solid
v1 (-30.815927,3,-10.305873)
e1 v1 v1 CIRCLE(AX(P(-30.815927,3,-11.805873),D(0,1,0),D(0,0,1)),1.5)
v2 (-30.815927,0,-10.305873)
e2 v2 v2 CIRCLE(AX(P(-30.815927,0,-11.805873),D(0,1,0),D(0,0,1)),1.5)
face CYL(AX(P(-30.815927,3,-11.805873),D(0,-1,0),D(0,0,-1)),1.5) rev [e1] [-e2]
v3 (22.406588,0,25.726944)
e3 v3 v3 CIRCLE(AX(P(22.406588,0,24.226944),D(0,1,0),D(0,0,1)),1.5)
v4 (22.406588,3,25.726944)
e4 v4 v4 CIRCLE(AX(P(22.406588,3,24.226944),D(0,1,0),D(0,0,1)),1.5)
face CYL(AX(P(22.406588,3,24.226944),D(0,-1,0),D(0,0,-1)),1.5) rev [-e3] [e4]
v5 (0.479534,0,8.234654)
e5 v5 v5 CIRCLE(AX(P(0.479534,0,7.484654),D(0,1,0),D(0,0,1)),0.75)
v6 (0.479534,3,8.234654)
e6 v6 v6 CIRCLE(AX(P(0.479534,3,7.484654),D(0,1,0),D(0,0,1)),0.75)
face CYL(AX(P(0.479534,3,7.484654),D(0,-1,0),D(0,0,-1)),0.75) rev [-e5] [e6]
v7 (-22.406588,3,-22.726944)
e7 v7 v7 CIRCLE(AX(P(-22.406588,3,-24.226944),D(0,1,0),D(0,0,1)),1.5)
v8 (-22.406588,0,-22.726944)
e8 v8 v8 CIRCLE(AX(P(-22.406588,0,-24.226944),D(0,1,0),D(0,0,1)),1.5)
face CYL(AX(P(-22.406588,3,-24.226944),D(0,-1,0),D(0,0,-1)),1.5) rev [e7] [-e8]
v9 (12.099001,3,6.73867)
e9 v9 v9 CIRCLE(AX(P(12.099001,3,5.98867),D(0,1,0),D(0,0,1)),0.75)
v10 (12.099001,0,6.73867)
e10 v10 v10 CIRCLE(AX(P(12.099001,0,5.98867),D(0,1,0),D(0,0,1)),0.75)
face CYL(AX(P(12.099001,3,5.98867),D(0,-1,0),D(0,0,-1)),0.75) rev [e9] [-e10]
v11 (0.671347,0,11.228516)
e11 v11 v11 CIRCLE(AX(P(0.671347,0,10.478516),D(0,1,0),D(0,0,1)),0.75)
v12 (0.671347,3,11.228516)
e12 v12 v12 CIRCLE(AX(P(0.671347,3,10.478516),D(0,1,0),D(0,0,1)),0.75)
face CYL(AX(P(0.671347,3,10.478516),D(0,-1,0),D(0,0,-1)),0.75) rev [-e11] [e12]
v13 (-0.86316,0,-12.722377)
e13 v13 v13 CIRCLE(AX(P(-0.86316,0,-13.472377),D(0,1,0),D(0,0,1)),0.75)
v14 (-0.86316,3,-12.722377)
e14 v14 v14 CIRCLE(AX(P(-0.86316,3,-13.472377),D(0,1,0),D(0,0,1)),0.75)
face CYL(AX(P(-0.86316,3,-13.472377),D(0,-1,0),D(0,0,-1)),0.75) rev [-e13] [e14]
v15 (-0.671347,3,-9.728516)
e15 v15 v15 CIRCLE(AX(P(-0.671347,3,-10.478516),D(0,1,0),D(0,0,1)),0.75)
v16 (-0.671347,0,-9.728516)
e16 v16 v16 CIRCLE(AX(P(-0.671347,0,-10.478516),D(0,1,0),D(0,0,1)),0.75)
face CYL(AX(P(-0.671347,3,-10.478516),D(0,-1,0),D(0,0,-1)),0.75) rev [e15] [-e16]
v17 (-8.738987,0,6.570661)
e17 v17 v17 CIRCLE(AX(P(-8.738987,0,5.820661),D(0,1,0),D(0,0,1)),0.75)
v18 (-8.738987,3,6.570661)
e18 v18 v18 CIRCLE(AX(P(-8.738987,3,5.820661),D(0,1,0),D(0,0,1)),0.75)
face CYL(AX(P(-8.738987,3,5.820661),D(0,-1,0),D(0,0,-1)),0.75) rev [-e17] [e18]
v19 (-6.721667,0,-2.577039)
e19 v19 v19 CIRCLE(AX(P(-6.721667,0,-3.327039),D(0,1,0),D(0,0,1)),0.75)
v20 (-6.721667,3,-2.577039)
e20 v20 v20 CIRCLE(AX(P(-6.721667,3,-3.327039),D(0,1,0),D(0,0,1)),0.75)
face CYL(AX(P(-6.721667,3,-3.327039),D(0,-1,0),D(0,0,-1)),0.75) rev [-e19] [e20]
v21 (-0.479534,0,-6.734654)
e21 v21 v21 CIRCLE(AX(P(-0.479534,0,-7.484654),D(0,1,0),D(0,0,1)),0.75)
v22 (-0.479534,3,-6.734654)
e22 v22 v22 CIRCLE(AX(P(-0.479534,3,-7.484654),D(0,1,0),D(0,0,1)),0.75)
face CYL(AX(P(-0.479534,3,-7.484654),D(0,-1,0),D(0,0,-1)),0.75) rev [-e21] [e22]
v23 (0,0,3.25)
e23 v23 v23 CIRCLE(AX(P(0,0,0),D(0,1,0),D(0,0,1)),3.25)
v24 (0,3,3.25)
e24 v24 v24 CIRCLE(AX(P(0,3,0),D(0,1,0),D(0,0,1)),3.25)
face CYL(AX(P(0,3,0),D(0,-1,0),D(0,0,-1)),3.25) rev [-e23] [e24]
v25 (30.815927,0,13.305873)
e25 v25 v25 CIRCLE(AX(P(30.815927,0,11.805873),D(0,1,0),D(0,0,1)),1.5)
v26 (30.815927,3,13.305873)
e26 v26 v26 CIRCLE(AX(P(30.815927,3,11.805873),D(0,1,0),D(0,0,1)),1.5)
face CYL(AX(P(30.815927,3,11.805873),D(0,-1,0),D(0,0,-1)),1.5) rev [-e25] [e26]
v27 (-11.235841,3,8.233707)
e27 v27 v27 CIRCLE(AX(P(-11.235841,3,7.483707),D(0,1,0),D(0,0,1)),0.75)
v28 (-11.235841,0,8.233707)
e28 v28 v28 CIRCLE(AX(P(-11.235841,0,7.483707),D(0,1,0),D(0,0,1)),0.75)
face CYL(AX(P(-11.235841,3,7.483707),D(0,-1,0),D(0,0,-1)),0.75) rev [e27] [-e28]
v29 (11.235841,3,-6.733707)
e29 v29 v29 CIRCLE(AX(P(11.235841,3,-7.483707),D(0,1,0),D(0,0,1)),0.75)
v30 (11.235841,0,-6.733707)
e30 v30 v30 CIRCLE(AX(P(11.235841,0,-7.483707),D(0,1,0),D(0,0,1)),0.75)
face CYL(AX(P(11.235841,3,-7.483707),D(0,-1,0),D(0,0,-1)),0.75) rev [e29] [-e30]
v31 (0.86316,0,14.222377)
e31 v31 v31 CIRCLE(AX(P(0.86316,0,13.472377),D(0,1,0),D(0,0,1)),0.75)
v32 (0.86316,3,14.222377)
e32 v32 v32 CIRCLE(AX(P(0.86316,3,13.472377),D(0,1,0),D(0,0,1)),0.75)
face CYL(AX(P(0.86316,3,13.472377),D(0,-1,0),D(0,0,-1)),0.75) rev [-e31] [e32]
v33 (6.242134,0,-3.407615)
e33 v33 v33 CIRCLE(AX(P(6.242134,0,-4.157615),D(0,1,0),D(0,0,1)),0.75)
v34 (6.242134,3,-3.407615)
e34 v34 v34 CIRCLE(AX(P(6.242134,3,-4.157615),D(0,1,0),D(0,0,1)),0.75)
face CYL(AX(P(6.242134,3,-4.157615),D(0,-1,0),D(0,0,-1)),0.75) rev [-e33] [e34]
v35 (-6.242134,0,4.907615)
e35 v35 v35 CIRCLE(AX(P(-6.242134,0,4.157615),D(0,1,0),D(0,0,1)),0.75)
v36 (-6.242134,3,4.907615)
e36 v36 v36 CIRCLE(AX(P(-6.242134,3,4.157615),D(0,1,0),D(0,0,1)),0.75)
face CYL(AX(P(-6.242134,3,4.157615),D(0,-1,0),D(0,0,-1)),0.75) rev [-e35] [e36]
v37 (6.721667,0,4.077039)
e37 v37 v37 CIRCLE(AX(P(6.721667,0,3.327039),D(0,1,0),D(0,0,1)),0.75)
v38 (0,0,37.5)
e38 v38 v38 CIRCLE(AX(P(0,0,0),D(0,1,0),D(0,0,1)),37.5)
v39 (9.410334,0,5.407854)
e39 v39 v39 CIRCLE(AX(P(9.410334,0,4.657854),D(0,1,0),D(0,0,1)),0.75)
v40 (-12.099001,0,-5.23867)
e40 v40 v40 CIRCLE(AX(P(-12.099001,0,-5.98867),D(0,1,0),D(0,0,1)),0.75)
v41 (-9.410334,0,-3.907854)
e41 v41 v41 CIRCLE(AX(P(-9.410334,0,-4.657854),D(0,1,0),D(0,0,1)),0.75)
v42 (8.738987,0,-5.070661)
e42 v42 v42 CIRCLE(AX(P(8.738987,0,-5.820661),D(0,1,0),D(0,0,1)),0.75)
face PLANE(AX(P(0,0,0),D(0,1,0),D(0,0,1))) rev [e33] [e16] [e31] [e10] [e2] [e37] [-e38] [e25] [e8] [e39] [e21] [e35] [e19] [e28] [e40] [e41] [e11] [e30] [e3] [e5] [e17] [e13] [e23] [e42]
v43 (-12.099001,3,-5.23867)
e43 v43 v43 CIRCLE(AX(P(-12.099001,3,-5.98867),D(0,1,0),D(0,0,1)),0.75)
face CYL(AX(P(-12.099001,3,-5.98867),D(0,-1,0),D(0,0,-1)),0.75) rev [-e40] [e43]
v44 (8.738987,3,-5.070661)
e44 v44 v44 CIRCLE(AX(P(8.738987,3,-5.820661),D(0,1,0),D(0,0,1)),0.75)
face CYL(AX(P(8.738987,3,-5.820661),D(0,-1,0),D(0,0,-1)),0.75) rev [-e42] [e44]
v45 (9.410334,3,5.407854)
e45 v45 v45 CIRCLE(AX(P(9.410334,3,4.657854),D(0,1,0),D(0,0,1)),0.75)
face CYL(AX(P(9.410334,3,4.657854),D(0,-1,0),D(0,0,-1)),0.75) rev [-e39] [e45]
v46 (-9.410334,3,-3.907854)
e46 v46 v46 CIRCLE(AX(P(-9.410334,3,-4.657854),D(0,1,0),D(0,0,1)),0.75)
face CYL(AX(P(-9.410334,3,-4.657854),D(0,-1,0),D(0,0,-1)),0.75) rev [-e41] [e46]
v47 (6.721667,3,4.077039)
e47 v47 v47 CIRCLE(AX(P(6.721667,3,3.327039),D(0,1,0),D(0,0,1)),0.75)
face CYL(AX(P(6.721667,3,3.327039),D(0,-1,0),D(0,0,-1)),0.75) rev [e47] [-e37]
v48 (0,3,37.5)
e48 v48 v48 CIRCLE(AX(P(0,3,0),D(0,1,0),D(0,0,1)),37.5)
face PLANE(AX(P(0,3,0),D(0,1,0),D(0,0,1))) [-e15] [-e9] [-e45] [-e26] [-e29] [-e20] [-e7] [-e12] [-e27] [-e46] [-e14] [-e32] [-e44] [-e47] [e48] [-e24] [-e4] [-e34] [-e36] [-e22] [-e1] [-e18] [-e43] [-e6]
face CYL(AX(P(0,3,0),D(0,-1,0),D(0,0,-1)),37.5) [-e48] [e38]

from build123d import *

# Parameters (mm, degrees)
SKETCH1_R           = 37.5
SKETCH1_R_2         = 0.75
SKETCH1_R_3         = 3.25
SKETCH1_R_4         = 1.5
BOSS_EXTRUDE1_DEPTH = 3


with BuildPart() as part:
    # Sketch1 → Boss-Extrude1 (new body)
    with BuildSketch(Plane(origin=(0, 0, 0), x_dir=(1, 0, 0), z_dir=(0, 1, 0))):
        with Locations(Location((0, 0, 0), (0, 0, 270))):
            Circle(SKETCH1_R)
        with Locations(Location((-0.863160321, 13.472377454, 0), (0, 0, 270))):
            Circle(SKETCH1_R_2, mode=Mode.SUBTRACT)
        with Locations(Location((-0.671346916, 10.478515797, 0), (0, 0, 270))):
            Circle(SKETCH1_R_2, mode=Mode.SUBTRACT)
        with Locations(Location((-0.479533512, 7.484654141, 0), (0, 0, 270))):
            Circle(SKETCH1_R_2, mode=Mode.SUBTRACT)
        with Locations(Location((6.242133869, 4.157615274, 0), (0, 0, 270))):
            Circle(SKETCH1_R_2, mode=Mode.SUBTRACT)
        with Locations(Location((8.738987416, 5.820661383, 0), (0, 0, 270))):
            Circle(SKETCH1_R_2, mode=Mode.SUBTRACT)
        with Locations(Location((11.235840964, 7.483707492, 0), (0, 0, 270))):
            Circle(SKETCH1_R_2, mode=Mode.SUBTRACT)
        with Locations(Location((-12.099001285, 5.988669961, 0), (0, 0, 270))):
            Circle(SKETCH1_R_2, mode=Mode.SUBTRACT)
        with Locations(Location((-9.410334333, 4.657854414, 0), (0, 0, 270))):
            Circle(SKETCH1_R_2, mode=Mode.SUBTRACT)
        with Locations(Location((-6.721667381, 3.327038867, 0), (0, 0, 270))):
            Circle(SKETCH1_R_2, mode=Mode.SUBTRACT)
        with Locations(Location((6.721667381, -3.327038867, 0), (0, 0, 270))):
            Circle(SKETCH1_R_2, mode=Mode.SUBTRACT)
        with Locations(Location((9.410334333, -4.657854414, 0), (0, 0, 270))):
            Circle(SKETCH1_R_2, mode=Mode.SUBTRACT)
        with Locations(Location((12.099001285, -5.988669961, 0), (0, 0, 270))):
            Circle(SKETCH1_R_2, mode=Mode.SUBTRACT)
        with Locations(Location((-11.235840964, -7.483707492, 0), (0, 0, 270))):
            Circle(SKETCH1_R_2, mode=Mode.SUBTRACT)
        with Locations(Location((-8.738987416, -5.820661383, 0), (0, 0, 270))):
            Circle(SKETCH1_R_2, mode=Mode.SUBTRACT)
        with Locations(Location((-6.242133869, -4.157615274, 0), (0, 0, 270))):
            Circle(SKETCH1_R_2, mode=Mode.SUBTRACT)
        with Locations(Location((0.479533512, -7.484654141, 0), (0, 0, 270))):
            Circle(SKETCH1_R_2, mode=Mode.SUBTRACT)
        with Locations(Location((0.671346916, -10.478515797, 0), (0, 0, 270))):
            Circle(SKETCH1_R_2, mode=Mode.SUBTRACT)
        with Locations(Location((0.863160321, -13.472377454, 0), (0, 0, 270))):
            Circle(SKETCH1_R_2, mode=Mode.SUBTRACT)
        with Locations(Location((0, 0, 0), (0, 0, 270))):
            Circle(SKETCH1_R_3, mode=Mode.SUBTRACT)
        with Locations(Location((-22.406587981, 24.226943989, 0), (0, 0, 270))):
            Circle(SKETCH1_R_4, mode=Mode.SUBTRACT)
        with Locations(Location((-30.815927231, 11.805872643, 0), (0, 0, 270))):
            Circle(SKETCH1_R_4, mode=Mode.SUBTRACT)
        with Locations(Location((30.815927231, -11.805872643, 0), (0, 0, 270))):
            Circle(SKETCH1_R_4, mode=Mode.SUBTRACT)
        with Locations(Location((22.406587981, -24.226943989, 0), (0, 0, 270))):
            Circle(SKETCH1_R_4, mode=Mode.SUBTRACT)
    extrude(amount=BOSS_EXTRUDE1_DEPTH)


solid = part.part
